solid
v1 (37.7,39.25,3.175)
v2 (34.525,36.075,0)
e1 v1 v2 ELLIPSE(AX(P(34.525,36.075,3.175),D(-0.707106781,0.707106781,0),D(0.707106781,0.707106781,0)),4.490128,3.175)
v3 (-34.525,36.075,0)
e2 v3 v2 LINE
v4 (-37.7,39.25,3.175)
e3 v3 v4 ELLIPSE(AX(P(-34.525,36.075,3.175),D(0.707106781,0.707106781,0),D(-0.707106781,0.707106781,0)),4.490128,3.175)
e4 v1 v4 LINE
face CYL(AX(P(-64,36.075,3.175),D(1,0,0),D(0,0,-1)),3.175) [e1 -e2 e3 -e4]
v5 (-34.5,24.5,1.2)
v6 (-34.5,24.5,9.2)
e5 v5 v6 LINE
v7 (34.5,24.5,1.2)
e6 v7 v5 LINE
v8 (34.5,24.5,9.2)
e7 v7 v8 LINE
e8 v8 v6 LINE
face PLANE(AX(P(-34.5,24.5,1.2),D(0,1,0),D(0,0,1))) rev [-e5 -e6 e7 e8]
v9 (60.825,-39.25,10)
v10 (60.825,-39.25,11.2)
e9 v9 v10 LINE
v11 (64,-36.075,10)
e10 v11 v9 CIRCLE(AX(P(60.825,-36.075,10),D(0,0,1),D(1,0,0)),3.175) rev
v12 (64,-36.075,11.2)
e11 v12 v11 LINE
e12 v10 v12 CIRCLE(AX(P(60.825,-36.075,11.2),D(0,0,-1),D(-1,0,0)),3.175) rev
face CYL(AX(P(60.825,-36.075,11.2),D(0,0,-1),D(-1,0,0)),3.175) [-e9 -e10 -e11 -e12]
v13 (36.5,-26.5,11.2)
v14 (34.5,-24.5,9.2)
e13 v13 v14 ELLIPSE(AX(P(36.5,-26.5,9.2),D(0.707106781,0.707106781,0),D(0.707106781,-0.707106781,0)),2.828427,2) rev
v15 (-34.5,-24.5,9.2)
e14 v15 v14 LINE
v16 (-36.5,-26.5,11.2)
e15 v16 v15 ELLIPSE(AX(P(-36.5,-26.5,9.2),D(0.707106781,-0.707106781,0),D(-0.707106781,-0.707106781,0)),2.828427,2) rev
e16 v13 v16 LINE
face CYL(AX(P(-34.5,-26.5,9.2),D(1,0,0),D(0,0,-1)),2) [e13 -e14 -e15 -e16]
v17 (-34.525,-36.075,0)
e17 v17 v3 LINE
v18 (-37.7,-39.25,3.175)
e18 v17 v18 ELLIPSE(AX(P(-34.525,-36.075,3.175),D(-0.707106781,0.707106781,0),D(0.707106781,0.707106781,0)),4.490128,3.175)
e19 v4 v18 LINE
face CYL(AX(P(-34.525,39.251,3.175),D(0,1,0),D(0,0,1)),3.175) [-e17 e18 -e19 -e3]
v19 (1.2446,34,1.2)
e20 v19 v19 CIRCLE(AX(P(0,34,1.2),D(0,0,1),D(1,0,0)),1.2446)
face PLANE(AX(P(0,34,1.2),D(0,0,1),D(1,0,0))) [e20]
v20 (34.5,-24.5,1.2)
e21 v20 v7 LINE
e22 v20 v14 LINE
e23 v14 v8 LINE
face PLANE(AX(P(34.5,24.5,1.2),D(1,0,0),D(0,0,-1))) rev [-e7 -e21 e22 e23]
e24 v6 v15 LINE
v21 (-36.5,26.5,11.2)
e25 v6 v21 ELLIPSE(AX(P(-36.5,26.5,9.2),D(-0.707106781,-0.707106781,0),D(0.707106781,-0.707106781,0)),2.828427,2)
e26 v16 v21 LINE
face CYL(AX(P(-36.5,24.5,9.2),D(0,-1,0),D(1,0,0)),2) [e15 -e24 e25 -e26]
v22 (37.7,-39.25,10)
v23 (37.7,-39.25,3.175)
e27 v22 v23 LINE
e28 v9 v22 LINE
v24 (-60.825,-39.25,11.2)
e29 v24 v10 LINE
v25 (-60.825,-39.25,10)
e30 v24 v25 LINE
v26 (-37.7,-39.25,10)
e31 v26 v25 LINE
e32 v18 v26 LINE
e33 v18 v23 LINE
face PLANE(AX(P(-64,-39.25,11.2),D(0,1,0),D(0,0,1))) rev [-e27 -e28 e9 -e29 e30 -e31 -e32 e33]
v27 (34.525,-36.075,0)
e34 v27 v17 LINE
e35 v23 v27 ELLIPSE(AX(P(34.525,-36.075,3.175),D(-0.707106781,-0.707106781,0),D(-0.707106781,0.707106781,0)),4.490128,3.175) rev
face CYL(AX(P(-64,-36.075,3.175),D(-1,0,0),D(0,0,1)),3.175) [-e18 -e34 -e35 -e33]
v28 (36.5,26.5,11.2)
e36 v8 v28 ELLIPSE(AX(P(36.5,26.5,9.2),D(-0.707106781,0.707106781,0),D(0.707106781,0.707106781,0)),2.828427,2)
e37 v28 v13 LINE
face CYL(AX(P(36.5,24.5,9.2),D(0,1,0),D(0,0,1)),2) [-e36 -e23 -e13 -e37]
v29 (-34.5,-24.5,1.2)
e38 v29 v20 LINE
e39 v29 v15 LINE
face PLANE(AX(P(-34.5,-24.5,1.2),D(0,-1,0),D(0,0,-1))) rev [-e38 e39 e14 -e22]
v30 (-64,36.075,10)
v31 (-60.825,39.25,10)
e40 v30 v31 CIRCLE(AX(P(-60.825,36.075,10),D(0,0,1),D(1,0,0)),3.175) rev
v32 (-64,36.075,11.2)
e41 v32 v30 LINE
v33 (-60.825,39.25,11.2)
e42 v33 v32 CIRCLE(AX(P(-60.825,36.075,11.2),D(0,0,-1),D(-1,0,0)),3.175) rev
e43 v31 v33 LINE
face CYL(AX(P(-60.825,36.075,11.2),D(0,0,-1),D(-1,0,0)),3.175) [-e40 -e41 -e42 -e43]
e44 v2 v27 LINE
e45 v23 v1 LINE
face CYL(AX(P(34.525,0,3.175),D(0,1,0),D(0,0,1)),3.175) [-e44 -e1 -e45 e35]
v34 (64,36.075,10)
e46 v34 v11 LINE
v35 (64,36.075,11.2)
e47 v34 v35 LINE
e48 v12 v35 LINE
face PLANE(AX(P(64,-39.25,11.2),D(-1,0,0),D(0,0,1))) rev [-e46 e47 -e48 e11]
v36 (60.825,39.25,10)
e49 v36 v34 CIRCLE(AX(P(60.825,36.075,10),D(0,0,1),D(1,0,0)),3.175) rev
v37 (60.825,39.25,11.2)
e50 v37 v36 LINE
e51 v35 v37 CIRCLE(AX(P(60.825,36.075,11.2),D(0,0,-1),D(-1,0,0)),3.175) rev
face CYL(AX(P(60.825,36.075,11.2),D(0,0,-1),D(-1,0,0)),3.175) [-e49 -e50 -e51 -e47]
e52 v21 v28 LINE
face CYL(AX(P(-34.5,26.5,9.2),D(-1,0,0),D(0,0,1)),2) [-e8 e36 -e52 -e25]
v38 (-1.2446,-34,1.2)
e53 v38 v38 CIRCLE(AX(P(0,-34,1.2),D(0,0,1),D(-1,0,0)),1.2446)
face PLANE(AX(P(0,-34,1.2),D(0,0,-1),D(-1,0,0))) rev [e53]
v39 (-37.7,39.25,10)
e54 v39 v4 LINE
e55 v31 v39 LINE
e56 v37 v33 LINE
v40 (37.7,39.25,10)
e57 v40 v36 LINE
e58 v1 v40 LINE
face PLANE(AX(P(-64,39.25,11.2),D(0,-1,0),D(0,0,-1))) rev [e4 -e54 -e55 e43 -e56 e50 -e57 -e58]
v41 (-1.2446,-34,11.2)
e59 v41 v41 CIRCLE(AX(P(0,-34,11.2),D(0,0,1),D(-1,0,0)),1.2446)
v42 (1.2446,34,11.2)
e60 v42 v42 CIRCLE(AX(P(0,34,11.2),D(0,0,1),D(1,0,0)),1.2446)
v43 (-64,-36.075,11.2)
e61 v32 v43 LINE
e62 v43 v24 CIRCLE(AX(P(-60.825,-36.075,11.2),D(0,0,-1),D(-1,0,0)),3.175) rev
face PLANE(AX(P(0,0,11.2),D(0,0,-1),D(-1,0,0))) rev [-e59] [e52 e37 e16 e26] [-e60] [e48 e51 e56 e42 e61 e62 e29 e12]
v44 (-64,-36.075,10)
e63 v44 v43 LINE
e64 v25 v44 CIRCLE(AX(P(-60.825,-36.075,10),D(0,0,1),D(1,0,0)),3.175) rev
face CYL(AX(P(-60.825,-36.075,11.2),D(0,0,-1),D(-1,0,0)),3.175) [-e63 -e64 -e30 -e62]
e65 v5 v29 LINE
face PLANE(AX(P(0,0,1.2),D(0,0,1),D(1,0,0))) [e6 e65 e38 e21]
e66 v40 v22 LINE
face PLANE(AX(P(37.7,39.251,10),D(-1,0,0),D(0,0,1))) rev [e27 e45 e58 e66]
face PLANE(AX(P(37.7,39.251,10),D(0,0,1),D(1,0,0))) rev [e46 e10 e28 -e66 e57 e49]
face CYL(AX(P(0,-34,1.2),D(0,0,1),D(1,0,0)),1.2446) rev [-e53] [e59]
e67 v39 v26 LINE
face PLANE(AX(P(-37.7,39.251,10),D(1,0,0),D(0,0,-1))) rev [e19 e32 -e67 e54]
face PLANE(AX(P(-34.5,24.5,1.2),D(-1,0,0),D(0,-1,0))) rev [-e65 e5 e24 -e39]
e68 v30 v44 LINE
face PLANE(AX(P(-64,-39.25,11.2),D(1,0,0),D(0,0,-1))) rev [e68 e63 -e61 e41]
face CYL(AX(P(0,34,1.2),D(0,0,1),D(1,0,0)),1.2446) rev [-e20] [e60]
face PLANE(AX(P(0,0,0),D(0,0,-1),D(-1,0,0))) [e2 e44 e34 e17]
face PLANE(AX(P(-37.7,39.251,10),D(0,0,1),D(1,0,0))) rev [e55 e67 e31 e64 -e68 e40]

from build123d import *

# Parameters (mm, degrees)
SKETCH1_W           = 128
SKETCH1_H           = 78.5
BOSS_EXTRUDE1_DEPTH = 11.2
SKETCH2_W           = 69
SKETCH2_H           = 49
CUT_EXTRUDE1_DEPTH  = 10
FILLET2_R           = 2
SKETCH3_R           = 1.2446
CUT_EXTRUDE2_DEPTH  = 10
CUT_EXTRUDE3_REACH  = 103.9
SKETCH5_W           = 26.3
SKETCH5_H           = 10
FILLET3_R           = 3.175


with BuildPart() as part:
    # Sketch1 → Boss-Extrude1 (new body)
    with BuildSketch(Plane.XY):
        Rectangle(SKETCH1_W, SKETCH1_H)
    extrude(amount=BOSS_EXTRUDE1_DEPTH)

    # Sketch2 → Cut-Extrude1 (cut)
    with BuildSketch(Plane.XY.offset(11.2)):
        Rectangle(SKETCH2_W, SKETCH2_H)
    extrude(amount=-CUT_EXTRUDE1_DEPTH, mode=Mode.SUBTRACT)

    # Fillet2
    fillet2_edges = [part.edges().sort_by_distance(p)[0] for p in [
        (34.5, 0, 11.2),
        (0, 24.5, 11.2),
        (-34.5, 0, 11.2),
        (0, -24.5, 11.2),
    ]]
    fillet(fillet2_edges, radius=FILLET2_R)

    # Sketch3 → Cut-Extrude2 (cut)
    with BuildSketch(Plane.XY.offset(11.2)):
        with Locations((0, 34)):
            Circle(SKETCH3_R)
        with Locations(Location((0, -34, 0), (0, 0, 180))):
            Circle(SKETCH3_R)
    extrude(amount=-CUT_EXTRUDE2_DEPTH, mode=Mode.SUBTRACT)

    # Sketch5 → Cut-Extrude3 (cut, up to next)
    with BuildSketch(Plane.XZ.offset(39.25), mode=Mode.PRIVATE) as cut_extrude3_sk1:
        with Locations((50.85, 5)):
            Rectangle(SKETCH5_W, SKETCH5_H)
    cut_extrude3_tool1 = extrude(cut_extrude3_sk1.sketch, amount=-CUT_EXTRUDE3_REACH, mode=Mode.PRIVATE) & part.part
    # Sketch5 → Cut-Extrude3 (cut, up to next)
    with BuildSketch(Plane.XZ.offset(39.25), mode=Mode.PRIVATE) as cut_extrude3_sk2:
        with Locations((-50.85, 5)):
            Rectangle(SKETCH5_W, SKETCH5_H)
    cut_extrude3_tool2 = extrude(cut_extrude3_sk2.sketch, amount=-CUT_EXTRUDE3_REACH, mode=Mode.PRIVATE) & part.part
    add(cut_extrude3_tool1.solids().sort_by_distance((50.85, -39.25, 5))[0], mode=Mode.SUBTRACT)
    add(cut_extrude3_tool2.solids().sort_by_distance((-50.85, -39.25, 5))[0], mode=Mode.SUBTRACT)

    # Fillet3
    fillet3_edges = [part.edges().sort_by_distance(p)[0] for p in [
        (0, -39.25, 0),
        (0, 39.25, 0),
        (37.7, 0, 0),
        (-37.7, 0, 0),
        (64, -39.25, 10.6),
        (-64, -39.25, 10.6),
        (-64, 39.25, 10.6),
        (64, 39.25, 10.6),
    ]]
    fillet(fillet3_edges, radius=FILLET3_R)


solid = part.part
